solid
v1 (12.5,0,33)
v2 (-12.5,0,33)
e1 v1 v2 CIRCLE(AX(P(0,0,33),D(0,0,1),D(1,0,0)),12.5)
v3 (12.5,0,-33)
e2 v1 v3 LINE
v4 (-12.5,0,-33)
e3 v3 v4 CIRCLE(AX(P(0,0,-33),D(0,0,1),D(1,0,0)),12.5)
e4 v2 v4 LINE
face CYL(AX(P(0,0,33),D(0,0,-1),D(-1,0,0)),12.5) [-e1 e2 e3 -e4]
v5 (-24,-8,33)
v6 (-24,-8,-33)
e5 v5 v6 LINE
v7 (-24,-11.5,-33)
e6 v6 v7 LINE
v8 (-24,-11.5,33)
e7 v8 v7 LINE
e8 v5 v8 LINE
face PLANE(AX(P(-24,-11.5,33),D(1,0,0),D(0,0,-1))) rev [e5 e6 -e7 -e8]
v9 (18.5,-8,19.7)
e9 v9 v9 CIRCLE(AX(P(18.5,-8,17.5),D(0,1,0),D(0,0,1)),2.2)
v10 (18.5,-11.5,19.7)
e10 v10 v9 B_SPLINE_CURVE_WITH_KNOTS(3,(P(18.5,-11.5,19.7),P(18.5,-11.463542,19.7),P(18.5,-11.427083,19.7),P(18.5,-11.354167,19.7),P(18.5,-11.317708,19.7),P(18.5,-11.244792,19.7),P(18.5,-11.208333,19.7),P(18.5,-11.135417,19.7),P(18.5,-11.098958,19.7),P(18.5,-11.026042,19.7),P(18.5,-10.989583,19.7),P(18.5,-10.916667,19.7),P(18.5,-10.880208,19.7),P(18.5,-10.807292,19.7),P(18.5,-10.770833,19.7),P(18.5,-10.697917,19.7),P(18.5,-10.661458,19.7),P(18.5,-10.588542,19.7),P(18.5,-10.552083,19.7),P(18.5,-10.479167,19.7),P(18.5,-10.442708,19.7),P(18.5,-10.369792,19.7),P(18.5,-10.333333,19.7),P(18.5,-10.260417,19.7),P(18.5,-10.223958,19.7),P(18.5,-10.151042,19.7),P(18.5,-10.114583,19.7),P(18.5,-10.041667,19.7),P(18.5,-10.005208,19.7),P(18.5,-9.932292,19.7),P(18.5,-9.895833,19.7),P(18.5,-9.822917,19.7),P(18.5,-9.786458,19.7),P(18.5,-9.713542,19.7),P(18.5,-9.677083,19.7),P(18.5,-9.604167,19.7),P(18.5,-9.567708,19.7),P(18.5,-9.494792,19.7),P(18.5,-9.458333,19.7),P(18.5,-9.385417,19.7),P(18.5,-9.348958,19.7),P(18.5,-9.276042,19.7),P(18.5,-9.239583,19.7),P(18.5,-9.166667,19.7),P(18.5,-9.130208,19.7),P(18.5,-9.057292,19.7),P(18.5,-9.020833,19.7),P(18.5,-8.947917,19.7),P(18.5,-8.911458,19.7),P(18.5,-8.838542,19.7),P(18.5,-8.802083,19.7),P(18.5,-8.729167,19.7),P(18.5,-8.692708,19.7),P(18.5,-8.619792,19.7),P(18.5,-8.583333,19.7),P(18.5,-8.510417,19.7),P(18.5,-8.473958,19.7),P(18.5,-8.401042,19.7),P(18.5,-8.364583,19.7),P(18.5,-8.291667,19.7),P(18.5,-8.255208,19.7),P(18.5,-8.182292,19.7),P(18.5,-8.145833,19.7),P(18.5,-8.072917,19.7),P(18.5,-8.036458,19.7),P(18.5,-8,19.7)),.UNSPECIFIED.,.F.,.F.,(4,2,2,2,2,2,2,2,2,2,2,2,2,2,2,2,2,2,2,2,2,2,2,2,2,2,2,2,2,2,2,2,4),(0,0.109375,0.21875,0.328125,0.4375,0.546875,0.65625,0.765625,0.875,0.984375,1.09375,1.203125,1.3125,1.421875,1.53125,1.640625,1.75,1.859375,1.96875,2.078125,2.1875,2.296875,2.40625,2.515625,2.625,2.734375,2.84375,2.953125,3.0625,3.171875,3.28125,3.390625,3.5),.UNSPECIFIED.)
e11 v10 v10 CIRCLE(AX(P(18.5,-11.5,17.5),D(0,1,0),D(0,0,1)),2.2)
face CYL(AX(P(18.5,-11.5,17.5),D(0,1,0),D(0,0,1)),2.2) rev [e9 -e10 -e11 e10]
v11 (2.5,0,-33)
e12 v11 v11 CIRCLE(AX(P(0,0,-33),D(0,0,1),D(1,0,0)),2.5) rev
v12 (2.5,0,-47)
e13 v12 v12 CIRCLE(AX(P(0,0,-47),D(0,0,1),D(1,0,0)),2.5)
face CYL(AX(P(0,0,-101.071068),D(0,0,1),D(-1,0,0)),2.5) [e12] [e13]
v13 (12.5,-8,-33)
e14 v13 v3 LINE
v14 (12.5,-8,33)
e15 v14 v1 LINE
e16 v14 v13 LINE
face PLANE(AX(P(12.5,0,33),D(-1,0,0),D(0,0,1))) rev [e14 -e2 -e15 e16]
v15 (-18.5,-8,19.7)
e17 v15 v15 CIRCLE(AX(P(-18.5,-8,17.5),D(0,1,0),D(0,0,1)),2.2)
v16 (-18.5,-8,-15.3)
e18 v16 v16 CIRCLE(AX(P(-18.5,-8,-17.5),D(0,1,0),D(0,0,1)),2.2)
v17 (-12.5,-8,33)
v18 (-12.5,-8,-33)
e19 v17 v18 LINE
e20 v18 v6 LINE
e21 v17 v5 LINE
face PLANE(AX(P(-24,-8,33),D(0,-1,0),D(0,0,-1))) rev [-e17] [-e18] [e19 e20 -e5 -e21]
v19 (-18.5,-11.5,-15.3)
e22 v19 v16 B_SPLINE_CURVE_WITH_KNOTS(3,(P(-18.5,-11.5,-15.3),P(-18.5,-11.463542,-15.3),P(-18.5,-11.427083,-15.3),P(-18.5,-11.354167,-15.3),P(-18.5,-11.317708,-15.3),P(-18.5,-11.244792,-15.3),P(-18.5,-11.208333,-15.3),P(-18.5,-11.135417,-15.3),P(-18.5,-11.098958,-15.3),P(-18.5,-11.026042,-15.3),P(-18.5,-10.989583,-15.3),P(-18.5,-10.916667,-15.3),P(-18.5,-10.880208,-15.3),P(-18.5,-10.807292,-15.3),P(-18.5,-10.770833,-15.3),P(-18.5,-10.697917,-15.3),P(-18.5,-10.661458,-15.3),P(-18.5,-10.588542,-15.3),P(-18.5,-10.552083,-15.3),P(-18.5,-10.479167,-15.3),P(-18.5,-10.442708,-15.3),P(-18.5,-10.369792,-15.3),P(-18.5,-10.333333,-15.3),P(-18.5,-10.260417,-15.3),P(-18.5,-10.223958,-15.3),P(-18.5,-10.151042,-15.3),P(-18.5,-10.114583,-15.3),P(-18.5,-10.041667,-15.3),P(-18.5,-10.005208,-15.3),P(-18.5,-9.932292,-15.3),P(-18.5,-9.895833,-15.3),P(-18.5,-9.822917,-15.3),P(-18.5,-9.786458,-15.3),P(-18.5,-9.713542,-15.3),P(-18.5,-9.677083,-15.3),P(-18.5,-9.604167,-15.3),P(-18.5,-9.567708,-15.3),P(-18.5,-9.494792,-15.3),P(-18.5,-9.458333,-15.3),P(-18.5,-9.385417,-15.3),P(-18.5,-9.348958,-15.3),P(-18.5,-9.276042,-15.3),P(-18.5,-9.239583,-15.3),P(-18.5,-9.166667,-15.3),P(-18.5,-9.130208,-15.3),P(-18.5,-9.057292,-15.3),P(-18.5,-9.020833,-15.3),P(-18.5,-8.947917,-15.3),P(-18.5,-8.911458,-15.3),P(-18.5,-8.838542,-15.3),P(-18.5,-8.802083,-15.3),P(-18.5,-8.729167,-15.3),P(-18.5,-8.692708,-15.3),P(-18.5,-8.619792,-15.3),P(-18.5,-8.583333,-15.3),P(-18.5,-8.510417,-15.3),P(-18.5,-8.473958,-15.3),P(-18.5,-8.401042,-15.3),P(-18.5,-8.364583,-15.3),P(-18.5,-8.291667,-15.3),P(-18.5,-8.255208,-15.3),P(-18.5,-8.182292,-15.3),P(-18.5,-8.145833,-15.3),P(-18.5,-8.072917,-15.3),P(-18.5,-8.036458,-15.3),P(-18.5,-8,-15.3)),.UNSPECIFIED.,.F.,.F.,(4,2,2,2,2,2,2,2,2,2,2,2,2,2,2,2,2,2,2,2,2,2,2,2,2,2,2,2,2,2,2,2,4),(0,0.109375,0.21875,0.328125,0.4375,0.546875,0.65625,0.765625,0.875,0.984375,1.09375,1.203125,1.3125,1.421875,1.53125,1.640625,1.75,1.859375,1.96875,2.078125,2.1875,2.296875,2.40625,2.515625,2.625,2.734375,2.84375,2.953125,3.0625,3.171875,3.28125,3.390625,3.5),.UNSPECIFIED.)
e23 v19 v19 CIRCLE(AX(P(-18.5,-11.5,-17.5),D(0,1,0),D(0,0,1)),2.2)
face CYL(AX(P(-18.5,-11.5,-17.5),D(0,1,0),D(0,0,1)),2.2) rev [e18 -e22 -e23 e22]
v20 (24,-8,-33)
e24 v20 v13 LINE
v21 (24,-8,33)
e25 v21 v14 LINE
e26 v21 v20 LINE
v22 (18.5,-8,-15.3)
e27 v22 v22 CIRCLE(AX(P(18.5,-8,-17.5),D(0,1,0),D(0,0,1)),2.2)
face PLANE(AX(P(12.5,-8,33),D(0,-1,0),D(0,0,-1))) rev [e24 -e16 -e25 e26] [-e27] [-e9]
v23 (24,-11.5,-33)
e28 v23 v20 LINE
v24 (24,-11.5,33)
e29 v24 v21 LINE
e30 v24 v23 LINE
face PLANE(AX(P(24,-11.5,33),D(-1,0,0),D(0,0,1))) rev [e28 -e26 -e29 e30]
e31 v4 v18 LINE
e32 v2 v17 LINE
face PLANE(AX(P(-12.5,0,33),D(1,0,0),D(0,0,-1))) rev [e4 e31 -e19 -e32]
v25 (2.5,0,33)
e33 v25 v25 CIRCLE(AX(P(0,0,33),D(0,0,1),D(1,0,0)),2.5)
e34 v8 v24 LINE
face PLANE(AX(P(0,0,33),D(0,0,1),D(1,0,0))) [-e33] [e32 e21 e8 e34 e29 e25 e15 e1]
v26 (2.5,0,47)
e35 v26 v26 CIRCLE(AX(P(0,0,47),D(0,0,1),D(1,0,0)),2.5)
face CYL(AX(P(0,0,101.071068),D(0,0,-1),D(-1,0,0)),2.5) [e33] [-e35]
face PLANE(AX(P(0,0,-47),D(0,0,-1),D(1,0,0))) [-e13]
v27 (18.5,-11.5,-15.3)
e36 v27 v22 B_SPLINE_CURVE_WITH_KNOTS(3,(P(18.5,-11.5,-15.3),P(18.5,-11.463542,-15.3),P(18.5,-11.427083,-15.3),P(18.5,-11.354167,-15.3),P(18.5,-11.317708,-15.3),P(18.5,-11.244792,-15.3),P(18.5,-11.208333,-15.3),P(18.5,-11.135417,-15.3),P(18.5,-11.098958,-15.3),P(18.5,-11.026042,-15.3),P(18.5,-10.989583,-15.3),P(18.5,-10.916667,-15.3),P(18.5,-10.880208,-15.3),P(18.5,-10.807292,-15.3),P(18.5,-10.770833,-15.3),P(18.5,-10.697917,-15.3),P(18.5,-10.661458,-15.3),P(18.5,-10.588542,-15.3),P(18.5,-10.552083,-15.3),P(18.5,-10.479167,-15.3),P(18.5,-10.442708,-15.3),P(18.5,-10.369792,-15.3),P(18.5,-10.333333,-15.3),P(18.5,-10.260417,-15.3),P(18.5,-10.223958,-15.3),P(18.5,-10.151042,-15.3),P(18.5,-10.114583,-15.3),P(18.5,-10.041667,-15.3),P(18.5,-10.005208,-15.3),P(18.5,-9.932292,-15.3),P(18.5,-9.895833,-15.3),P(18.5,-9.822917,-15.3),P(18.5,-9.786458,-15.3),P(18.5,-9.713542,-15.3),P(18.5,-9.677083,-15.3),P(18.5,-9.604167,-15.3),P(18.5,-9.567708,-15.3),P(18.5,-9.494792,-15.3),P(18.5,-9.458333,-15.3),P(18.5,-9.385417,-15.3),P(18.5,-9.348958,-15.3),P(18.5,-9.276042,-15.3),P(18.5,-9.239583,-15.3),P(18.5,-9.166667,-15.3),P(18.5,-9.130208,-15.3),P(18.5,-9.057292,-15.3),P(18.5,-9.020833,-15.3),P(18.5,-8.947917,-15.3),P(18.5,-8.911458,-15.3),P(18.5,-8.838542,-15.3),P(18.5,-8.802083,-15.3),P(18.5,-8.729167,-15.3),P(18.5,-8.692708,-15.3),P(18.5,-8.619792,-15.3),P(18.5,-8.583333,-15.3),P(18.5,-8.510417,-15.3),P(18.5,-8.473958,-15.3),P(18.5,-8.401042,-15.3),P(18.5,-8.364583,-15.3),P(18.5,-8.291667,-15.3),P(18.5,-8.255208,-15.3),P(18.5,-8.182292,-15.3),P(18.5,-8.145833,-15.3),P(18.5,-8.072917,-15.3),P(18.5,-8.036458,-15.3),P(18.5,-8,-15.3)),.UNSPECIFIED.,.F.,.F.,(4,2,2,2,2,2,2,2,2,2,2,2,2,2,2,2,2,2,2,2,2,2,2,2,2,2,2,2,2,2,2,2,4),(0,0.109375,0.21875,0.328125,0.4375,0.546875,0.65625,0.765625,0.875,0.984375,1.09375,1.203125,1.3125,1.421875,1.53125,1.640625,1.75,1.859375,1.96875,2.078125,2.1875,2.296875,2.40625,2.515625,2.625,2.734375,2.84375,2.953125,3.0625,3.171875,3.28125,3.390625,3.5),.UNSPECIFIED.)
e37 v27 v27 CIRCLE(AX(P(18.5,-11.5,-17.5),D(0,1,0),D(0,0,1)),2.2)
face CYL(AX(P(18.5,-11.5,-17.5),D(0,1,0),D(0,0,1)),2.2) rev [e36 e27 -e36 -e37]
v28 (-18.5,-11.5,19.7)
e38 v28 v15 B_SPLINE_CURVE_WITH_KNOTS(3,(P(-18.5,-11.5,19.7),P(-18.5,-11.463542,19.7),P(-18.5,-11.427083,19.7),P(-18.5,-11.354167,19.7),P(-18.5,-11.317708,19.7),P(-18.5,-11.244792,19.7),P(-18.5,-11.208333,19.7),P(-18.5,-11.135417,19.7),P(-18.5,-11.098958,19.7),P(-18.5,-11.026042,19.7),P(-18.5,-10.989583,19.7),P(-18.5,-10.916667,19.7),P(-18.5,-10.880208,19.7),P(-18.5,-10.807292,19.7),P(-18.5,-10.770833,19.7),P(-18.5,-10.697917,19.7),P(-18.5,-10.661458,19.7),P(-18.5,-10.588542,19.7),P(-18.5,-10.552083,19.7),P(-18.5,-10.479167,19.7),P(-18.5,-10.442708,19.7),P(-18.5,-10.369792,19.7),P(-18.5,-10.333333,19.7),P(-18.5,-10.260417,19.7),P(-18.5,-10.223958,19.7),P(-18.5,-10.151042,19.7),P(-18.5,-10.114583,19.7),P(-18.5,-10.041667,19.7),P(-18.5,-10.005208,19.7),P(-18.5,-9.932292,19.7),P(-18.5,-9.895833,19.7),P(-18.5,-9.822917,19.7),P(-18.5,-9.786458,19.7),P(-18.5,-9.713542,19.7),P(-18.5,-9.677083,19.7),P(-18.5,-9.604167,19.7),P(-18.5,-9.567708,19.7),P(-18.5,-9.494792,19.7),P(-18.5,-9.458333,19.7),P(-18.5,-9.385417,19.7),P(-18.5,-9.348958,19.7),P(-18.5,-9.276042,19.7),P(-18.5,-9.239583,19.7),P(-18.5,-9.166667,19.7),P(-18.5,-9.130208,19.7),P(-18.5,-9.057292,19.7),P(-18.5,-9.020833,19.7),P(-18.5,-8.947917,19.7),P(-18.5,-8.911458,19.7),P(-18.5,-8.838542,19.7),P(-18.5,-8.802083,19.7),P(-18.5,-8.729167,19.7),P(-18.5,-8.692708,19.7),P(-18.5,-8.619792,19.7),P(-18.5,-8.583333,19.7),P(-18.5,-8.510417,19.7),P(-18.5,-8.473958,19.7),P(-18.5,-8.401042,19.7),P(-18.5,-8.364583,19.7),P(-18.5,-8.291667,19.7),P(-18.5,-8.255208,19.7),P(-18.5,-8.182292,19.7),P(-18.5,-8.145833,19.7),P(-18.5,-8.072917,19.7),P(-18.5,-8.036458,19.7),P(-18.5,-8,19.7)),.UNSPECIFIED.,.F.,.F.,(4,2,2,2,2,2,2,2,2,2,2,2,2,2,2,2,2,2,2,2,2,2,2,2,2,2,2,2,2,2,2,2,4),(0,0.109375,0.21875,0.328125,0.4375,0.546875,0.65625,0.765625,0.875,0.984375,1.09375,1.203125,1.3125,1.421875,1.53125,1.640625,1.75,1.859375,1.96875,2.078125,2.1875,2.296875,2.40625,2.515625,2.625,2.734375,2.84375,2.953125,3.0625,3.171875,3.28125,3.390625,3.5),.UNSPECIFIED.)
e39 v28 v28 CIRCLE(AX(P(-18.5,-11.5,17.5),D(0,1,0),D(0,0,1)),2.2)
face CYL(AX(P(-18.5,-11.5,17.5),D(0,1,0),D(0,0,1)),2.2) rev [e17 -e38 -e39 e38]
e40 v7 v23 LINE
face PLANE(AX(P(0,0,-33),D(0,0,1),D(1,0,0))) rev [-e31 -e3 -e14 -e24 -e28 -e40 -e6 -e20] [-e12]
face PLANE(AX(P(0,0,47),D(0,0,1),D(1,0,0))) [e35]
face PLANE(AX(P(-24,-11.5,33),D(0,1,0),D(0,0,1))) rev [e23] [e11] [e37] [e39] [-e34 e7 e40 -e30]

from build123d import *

# Parameters (mm, degrees)
BOSS_EXTRUDE1_DEPTH = 33
SKETCH2_R           = 2.2
CUT_EXTRUDE1_DEPTH  = 46.664537663
SKETCH3_R           = 2.5
BOSS_EXTRUDE2_DEPTH = 14


with BuildPart() as part:
    # Sketch1 → Boss-Extrude1 (new, symmetric)
    with BuildSketch(Plane.XY):
        with BuildLine():
            Line((12.5, -8), (24, -8))
            Line((24, -8), (24, -11.5))
            Line((24, -11.5), (-24, -11.5))
            Line((-24, -11.5), (-24, -8))
            Line((-24, -8), (-12.5, -8))
            Line((-12.5, -8), (-12.5, 0))
            ThreePointArc((-12.5, 0), (0, 12.5), (12.5, 0))
            Line((12.5, 0), (12.5, -8))
        make_face()
    extrude(amount=BOSS_EXTRUDE1_DEPTH, both=True)

    # Sketch2 → Cut-Extrude1 (cut, through all)
    with BuildSketch(Plane(origin=(0, -8, 0), x_dir=(1, 0, 0), z_dir=(0, 1, 0))):
        with Locations(Location((-18.5, 17.5, 0), (0, 0, 270))):
            Circle(SKETCH2_R)
        with Locations(Location((-18.5, -17.5, 0), (0, 0, 270))):
            Circle(SKETCH2_R)
        with Locations(Location((18.5, -17.5, 0), (0, 0, 270))):
            Circle(SKETCH2_R)
        with Locations(Location((18.5, 17.5, 0), (0, 0, 270))):
            Circle(SKETCH2_R)
    extrude(amount=-CUT_EXTRUDE1_DEPTH, mode=Mode.SUBTRACT)

    # Sketch3 → Boss-Extrude2 (add)
    with BuildSketch(Plane.XY.offset(33)):
        Circle(SKETCH3_R)
    boss_extrude2 = extrude(amount=BOSS_EXTRUDE2_DEPTH)

    # Mirror5: Boss-Extrude2 across plane
    add(boss_extrude2.mirror(Plane.XY))


solid = part.part
